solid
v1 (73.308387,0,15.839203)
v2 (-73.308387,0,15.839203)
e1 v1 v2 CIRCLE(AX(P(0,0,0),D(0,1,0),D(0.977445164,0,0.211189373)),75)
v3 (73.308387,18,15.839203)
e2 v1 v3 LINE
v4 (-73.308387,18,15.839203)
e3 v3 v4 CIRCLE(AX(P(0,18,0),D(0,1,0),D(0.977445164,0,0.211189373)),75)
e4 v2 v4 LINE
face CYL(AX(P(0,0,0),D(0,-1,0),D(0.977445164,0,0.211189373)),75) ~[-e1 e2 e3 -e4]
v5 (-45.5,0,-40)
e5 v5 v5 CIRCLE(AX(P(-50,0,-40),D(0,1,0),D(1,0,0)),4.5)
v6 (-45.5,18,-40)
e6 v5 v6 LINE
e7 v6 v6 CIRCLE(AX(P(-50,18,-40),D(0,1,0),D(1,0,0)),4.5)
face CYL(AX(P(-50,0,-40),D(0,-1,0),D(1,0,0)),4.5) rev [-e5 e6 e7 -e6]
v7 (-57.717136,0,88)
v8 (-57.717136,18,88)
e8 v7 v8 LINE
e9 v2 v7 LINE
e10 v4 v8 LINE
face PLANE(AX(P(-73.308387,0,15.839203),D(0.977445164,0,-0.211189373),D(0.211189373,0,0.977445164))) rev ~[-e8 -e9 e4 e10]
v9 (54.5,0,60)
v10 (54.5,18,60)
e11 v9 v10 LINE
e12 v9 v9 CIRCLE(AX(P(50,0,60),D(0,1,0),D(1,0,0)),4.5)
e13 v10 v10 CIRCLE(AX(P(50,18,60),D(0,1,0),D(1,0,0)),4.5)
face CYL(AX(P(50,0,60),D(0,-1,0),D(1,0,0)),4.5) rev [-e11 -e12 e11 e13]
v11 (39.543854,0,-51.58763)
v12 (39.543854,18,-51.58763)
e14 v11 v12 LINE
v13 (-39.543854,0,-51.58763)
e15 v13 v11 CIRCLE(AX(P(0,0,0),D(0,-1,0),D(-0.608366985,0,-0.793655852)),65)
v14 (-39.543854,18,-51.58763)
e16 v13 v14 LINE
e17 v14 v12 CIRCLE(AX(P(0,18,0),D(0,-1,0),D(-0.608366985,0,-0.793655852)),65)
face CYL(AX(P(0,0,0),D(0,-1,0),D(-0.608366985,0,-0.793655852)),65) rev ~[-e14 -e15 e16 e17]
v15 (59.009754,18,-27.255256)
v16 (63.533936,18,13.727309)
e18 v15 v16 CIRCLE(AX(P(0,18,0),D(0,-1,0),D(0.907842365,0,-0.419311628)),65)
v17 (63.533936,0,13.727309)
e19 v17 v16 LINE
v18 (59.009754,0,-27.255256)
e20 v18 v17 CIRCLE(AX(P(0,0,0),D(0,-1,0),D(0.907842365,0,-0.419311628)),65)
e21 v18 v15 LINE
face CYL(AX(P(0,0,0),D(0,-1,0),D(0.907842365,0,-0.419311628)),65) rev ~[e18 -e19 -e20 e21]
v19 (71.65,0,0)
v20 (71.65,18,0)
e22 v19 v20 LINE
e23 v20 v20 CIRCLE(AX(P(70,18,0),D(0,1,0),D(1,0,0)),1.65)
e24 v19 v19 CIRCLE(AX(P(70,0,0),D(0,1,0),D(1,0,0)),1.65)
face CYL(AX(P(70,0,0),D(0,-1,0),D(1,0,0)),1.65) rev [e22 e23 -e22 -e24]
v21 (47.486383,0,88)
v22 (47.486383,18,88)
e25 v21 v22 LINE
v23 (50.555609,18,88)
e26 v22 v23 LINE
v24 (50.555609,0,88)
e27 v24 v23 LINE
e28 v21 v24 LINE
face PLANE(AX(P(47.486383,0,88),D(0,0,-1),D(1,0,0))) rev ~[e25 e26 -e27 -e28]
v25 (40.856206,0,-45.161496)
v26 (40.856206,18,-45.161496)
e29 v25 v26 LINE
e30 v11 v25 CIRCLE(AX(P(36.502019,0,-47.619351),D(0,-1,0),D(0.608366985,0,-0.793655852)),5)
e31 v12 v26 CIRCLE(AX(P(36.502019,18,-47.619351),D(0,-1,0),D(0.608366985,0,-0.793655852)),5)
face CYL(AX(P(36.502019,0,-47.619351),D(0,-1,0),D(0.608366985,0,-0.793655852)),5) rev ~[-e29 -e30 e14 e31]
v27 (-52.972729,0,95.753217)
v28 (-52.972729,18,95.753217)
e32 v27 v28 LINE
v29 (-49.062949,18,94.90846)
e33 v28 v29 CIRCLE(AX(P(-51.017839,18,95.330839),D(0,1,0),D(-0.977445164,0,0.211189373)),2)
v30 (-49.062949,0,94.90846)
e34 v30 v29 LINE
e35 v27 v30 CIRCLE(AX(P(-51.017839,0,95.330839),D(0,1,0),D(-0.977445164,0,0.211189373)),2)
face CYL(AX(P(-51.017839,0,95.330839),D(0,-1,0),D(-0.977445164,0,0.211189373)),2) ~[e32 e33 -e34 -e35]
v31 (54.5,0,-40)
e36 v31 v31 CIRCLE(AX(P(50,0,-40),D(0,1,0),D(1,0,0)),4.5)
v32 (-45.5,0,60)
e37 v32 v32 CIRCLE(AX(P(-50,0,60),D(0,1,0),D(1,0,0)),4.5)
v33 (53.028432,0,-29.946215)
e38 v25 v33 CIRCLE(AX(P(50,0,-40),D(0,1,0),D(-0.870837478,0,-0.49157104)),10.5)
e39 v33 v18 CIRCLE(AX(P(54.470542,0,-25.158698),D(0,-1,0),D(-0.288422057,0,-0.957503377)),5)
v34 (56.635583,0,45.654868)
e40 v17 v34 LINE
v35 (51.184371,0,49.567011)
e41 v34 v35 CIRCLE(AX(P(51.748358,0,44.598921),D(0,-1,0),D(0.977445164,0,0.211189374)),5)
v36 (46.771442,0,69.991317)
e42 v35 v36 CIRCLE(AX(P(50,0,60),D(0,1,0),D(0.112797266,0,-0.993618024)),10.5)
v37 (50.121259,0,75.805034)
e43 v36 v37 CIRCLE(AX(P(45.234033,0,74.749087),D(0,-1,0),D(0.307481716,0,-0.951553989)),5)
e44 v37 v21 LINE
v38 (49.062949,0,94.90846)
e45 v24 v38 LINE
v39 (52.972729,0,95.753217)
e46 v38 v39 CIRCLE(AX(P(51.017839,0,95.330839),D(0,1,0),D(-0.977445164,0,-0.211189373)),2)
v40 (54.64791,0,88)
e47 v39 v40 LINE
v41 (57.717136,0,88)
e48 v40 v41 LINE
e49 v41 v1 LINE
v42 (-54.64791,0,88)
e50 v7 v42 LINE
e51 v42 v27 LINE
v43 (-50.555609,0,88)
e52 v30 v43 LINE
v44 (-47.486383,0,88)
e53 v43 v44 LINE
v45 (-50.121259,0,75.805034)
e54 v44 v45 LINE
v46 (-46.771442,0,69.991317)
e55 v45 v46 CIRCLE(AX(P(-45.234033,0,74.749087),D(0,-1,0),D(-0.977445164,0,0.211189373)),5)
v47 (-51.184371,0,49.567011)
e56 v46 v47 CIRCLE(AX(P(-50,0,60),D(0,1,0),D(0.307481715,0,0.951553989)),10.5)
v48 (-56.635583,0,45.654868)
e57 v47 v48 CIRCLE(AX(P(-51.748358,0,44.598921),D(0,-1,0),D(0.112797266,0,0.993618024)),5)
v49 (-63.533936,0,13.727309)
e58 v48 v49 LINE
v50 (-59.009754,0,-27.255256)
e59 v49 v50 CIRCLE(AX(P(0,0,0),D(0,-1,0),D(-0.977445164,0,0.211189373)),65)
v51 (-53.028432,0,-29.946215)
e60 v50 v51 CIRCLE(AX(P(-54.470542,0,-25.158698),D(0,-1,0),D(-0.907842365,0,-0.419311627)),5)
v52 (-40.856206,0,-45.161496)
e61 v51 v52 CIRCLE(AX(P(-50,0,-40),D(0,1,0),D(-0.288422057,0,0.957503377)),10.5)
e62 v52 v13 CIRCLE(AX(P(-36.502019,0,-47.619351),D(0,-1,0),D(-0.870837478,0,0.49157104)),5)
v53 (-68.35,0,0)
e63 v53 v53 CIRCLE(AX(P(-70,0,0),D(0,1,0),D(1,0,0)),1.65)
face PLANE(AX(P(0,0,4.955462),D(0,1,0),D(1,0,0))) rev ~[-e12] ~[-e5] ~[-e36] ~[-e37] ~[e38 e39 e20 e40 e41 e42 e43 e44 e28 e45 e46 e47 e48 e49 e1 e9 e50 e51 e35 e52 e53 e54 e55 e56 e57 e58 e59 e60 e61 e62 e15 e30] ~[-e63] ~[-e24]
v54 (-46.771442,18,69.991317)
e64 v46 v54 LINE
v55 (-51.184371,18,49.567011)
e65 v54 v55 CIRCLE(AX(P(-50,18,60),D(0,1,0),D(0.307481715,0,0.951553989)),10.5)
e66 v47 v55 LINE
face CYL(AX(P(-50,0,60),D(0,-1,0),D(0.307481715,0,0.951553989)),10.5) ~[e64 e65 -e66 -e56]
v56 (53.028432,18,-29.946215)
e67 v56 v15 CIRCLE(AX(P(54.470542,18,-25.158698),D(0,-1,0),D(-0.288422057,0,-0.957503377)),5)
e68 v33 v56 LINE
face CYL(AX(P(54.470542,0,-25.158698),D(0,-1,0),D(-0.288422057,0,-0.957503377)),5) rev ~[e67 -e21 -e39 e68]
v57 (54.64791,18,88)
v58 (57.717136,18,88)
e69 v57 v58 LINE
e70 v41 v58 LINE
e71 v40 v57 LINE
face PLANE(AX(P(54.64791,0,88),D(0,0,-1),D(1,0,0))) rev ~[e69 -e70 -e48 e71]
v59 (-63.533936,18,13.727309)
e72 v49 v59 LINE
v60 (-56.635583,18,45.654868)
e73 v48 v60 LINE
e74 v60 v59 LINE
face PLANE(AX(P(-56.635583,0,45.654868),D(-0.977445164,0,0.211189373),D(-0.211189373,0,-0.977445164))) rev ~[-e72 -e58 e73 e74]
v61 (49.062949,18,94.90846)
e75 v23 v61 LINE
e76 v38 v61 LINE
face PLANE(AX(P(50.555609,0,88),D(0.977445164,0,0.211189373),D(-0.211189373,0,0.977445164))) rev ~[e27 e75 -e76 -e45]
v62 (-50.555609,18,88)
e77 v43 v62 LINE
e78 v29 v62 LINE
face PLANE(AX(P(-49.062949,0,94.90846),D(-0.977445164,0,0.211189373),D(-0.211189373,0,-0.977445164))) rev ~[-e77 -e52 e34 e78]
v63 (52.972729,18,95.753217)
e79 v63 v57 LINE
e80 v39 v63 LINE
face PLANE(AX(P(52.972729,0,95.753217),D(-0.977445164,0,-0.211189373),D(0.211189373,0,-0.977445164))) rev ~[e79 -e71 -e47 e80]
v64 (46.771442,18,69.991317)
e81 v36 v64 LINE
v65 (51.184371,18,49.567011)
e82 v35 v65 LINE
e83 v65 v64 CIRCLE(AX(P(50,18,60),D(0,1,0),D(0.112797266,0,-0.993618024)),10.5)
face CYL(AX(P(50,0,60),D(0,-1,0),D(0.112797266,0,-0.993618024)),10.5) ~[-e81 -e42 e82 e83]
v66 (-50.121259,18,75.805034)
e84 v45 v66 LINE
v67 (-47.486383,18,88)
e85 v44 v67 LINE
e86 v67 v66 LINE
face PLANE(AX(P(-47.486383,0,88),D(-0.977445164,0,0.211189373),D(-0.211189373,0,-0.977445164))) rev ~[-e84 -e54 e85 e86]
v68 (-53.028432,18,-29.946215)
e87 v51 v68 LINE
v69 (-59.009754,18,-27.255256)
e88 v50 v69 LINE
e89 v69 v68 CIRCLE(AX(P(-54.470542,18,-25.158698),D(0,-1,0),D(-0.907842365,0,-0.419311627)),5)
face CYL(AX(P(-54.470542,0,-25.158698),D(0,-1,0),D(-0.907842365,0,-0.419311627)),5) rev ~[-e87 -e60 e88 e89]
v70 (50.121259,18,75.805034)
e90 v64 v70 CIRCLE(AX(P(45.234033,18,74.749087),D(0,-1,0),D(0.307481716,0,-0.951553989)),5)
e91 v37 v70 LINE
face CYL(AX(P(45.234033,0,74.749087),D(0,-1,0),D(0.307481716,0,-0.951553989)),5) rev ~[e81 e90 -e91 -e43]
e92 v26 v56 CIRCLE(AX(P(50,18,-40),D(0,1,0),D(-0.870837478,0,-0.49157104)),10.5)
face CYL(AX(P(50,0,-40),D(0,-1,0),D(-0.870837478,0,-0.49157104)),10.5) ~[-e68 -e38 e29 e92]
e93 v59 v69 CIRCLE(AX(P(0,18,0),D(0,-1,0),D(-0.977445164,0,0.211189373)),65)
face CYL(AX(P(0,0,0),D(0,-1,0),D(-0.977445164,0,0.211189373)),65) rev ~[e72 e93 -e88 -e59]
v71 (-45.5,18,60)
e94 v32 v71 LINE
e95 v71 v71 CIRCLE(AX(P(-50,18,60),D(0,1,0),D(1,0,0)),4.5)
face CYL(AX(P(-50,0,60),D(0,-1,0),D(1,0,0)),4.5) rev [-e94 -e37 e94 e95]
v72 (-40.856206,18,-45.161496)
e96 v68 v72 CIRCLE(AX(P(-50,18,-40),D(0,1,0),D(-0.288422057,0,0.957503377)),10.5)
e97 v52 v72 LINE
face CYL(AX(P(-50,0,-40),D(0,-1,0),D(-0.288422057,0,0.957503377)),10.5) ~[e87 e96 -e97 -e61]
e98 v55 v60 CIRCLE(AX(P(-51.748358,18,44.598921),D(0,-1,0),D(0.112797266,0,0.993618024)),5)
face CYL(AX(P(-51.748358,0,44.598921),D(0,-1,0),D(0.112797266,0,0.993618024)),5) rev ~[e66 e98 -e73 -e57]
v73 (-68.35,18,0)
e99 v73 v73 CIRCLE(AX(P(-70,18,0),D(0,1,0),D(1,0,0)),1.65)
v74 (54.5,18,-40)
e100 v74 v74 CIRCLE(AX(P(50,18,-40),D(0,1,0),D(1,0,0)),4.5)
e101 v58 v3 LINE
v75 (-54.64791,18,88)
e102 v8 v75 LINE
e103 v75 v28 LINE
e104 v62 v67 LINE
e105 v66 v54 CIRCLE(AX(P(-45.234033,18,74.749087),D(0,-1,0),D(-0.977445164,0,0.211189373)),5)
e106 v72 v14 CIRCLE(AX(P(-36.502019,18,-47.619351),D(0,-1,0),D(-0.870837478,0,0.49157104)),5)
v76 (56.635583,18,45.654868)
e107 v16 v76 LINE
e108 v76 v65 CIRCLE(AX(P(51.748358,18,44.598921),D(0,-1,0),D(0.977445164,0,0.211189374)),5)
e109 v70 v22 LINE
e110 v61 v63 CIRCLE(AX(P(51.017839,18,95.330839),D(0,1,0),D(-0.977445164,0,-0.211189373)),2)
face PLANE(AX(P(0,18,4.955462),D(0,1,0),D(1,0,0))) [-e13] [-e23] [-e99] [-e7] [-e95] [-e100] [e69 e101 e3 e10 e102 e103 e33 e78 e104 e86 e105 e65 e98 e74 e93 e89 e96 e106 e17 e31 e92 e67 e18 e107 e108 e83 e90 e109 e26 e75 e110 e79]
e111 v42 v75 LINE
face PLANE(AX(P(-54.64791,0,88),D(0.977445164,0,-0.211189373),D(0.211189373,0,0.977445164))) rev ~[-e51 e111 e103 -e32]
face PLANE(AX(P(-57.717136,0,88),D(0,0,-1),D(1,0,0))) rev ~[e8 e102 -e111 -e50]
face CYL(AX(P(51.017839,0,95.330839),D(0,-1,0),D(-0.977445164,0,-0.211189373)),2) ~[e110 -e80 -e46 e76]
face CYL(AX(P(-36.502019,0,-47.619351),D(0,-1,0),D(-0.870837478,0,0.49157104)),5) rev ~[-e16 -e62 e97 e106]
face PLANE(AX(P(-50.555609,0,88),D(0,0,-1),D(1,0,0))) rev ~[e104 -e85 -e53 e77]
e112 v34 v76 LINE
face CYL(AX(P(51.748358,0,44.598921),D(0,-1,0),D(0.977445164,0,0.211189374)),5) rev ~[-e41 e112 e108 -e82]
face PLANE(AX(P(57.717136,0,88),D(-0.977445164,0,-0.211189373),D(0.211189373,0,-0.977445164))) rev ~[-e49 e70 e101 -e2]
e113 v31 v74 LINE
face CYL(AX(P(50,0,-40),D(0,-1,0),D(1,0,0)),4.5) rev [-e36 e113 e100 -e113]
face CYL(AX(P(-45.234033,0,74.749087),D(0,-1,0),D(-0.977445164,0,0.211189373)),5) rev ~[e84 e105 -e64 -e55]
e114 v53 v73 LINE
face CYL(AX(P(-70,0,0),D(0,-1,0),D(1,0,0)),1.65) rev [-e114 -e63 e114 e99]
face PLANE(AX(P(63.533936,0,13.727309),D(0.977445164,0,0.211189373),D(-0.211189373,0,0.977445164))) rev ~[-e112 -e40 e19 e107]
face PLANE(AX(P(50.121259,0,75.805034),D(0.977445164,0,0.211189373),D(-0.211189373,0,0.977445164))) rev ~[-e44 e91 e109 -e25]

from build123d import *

# Parameters (mm, degrees)
SKETCH1_R           = 4.5
SKETCH1_R_2         = 1.65
BOSS_EXTRUDE1_DEPTH = 18


with BuildPart() as part:
    # Sketch1 → Boss-Extrude1 (new body)
    with BuildSketch(Plane(origin=(0, 0, 0), x_dir=(1, 0, 0), z_dir=(0, 1, 0))):
        with BuildLine():
            Line((-57.71713569, -88), (-54.647909803, -88))
            Line((-54.647909803, -88), (-52.972729242, -95.753217476))
            ThreePointArc((-52.972729242, -95.753217476), (-50.595460167, -97.285729058), (-49.062948585, -94.908459984))
            Line((-49.062948585, -94.908459984), (-50.555608621, -88))
            Line((-50.555608621, -88), (-47.486382735, -88))
            Line((-47.486382735, -88), (-50.121259231, -75.805033701))
            ThreePointArc((-50.121259231, -75.805033701), (-49.566331597, -72.252851185), (-46.771441988, -69.991316888))
            ThreePointArc((-46.771441988, -69.991316888), (-39.736825778, -57.782511582), (-51.184371295, -49.567010753))
            ThreePointArc((-51.184371295, -49.567010753), (-54.663630533, -48.661085559), (-56.635583446, -45.654867501))
            Line((-56.635583446, -45.654867501), (-63.533935661, -13.727309256))
            ThreePointArc((-63.533935661, -13.727309256), (-64.607519764, 7.132207931), (-59.0097537, 27.255255792))
            ThreePointArc((-59.0097537, 27.255255792), (-56.52196193, 29.718486659), (-53.028431594, 29.94621454))
            ThreePointArc((-53.028431594, 29.94621454), (-41.800877501, 33.440702001), (-40.856206486, 45.161495924))
            ThreePointArc((-40.856206486, 45.161495924), (-41.400905456, 48.61980725), (-39.543854024, 51.587630387))
            ThreePointArc((-39.543854024, 51.587630387), (0, 65), (39.543854024, 51.587630387))
            ThreePointArc((39.543854024, 51.587630387), (41.400905456, 48.61980725), (40.856206486, 45.161495924))
            ThreePointArc((40.856206486, 45.161495924), (41.800877501, 33.440702001), (53.028431594, 29.94621454))
            ThreePointArc((53.028431594, 29.94621454), (56.52196193, 29.718486659), (59.0097537, 27.255255792))
            ThreePointArc((59.0097537, 27.255255792), (64.607519764, 7.132207931), (63.533935661, -13.727309256))
            Line((63.533935661, -13.727309256), (56.635583446, -45.654867501))
            ThreePointArc((56.635583446, -45.654867501), (54.663630533, -48.661085559), (51.184371295, -49.567010753))
            ThreePointArc((51.184371295, -49.567010753), (39.736825778, -57.782511582), (46.771441988, -69.991316888))
            ThreePointArc((46.771441988, -69.991316888), (49.566331597, -72.252851185), (50.121259231, -75.805033701))
            Line((50.121259231, -75.805033701), (47.486382735, -88))
            Line((47.486382735, -88), (50.555608621, -88))
            Line((50.555608621, -88), (49.062948585, -94.908459984))
            ThreePointArc((49.062948585, -94.908459984), (50.595460167, -97.285729058), (52.972729242, -95.753217476))
            Line((52.972729242, -95.753217476), (54.647909803, -88))
            Line((54.647909803, -88), (57.71713569, -88))
            Line((57.71713569, -88), (73.308387301, -15.839202988))
            ThreePointArc((73.308387301, -15.839202988), (0, 75), (-73.308387301, -15.839202988))
            Line((-73.308387301, -15.839202988), (-57.71713569, -88))
        make_face()
        with Locations((-50, -60)):
            Circle(SKETCH1_R, mode=Mode.SUBTRACT)
        with Locations((50, -60)):
            Circle(SKETCH1_R, mode=Mode.SUBTRACT)
        with Locations((70, 0)):
            Circle(SKETCH1_R_2, mode=Mode.SUBTRACT)
        with Locations((50, 40)):
            Circle(SKETCH1_R, mode=Mode.SUBTRACT)
        with Locations((-50, 40)):
            Circle(SKETCH1_R, mode=Mode.SUBTRACT)
        with Locations((-70, 0)):
            Circle(SKETCH1_R_2, mode=Mode.SUBTRACT)
    extrude(amount=BOSS_EXTRUDE1_DEPTH)


solid = part.part
